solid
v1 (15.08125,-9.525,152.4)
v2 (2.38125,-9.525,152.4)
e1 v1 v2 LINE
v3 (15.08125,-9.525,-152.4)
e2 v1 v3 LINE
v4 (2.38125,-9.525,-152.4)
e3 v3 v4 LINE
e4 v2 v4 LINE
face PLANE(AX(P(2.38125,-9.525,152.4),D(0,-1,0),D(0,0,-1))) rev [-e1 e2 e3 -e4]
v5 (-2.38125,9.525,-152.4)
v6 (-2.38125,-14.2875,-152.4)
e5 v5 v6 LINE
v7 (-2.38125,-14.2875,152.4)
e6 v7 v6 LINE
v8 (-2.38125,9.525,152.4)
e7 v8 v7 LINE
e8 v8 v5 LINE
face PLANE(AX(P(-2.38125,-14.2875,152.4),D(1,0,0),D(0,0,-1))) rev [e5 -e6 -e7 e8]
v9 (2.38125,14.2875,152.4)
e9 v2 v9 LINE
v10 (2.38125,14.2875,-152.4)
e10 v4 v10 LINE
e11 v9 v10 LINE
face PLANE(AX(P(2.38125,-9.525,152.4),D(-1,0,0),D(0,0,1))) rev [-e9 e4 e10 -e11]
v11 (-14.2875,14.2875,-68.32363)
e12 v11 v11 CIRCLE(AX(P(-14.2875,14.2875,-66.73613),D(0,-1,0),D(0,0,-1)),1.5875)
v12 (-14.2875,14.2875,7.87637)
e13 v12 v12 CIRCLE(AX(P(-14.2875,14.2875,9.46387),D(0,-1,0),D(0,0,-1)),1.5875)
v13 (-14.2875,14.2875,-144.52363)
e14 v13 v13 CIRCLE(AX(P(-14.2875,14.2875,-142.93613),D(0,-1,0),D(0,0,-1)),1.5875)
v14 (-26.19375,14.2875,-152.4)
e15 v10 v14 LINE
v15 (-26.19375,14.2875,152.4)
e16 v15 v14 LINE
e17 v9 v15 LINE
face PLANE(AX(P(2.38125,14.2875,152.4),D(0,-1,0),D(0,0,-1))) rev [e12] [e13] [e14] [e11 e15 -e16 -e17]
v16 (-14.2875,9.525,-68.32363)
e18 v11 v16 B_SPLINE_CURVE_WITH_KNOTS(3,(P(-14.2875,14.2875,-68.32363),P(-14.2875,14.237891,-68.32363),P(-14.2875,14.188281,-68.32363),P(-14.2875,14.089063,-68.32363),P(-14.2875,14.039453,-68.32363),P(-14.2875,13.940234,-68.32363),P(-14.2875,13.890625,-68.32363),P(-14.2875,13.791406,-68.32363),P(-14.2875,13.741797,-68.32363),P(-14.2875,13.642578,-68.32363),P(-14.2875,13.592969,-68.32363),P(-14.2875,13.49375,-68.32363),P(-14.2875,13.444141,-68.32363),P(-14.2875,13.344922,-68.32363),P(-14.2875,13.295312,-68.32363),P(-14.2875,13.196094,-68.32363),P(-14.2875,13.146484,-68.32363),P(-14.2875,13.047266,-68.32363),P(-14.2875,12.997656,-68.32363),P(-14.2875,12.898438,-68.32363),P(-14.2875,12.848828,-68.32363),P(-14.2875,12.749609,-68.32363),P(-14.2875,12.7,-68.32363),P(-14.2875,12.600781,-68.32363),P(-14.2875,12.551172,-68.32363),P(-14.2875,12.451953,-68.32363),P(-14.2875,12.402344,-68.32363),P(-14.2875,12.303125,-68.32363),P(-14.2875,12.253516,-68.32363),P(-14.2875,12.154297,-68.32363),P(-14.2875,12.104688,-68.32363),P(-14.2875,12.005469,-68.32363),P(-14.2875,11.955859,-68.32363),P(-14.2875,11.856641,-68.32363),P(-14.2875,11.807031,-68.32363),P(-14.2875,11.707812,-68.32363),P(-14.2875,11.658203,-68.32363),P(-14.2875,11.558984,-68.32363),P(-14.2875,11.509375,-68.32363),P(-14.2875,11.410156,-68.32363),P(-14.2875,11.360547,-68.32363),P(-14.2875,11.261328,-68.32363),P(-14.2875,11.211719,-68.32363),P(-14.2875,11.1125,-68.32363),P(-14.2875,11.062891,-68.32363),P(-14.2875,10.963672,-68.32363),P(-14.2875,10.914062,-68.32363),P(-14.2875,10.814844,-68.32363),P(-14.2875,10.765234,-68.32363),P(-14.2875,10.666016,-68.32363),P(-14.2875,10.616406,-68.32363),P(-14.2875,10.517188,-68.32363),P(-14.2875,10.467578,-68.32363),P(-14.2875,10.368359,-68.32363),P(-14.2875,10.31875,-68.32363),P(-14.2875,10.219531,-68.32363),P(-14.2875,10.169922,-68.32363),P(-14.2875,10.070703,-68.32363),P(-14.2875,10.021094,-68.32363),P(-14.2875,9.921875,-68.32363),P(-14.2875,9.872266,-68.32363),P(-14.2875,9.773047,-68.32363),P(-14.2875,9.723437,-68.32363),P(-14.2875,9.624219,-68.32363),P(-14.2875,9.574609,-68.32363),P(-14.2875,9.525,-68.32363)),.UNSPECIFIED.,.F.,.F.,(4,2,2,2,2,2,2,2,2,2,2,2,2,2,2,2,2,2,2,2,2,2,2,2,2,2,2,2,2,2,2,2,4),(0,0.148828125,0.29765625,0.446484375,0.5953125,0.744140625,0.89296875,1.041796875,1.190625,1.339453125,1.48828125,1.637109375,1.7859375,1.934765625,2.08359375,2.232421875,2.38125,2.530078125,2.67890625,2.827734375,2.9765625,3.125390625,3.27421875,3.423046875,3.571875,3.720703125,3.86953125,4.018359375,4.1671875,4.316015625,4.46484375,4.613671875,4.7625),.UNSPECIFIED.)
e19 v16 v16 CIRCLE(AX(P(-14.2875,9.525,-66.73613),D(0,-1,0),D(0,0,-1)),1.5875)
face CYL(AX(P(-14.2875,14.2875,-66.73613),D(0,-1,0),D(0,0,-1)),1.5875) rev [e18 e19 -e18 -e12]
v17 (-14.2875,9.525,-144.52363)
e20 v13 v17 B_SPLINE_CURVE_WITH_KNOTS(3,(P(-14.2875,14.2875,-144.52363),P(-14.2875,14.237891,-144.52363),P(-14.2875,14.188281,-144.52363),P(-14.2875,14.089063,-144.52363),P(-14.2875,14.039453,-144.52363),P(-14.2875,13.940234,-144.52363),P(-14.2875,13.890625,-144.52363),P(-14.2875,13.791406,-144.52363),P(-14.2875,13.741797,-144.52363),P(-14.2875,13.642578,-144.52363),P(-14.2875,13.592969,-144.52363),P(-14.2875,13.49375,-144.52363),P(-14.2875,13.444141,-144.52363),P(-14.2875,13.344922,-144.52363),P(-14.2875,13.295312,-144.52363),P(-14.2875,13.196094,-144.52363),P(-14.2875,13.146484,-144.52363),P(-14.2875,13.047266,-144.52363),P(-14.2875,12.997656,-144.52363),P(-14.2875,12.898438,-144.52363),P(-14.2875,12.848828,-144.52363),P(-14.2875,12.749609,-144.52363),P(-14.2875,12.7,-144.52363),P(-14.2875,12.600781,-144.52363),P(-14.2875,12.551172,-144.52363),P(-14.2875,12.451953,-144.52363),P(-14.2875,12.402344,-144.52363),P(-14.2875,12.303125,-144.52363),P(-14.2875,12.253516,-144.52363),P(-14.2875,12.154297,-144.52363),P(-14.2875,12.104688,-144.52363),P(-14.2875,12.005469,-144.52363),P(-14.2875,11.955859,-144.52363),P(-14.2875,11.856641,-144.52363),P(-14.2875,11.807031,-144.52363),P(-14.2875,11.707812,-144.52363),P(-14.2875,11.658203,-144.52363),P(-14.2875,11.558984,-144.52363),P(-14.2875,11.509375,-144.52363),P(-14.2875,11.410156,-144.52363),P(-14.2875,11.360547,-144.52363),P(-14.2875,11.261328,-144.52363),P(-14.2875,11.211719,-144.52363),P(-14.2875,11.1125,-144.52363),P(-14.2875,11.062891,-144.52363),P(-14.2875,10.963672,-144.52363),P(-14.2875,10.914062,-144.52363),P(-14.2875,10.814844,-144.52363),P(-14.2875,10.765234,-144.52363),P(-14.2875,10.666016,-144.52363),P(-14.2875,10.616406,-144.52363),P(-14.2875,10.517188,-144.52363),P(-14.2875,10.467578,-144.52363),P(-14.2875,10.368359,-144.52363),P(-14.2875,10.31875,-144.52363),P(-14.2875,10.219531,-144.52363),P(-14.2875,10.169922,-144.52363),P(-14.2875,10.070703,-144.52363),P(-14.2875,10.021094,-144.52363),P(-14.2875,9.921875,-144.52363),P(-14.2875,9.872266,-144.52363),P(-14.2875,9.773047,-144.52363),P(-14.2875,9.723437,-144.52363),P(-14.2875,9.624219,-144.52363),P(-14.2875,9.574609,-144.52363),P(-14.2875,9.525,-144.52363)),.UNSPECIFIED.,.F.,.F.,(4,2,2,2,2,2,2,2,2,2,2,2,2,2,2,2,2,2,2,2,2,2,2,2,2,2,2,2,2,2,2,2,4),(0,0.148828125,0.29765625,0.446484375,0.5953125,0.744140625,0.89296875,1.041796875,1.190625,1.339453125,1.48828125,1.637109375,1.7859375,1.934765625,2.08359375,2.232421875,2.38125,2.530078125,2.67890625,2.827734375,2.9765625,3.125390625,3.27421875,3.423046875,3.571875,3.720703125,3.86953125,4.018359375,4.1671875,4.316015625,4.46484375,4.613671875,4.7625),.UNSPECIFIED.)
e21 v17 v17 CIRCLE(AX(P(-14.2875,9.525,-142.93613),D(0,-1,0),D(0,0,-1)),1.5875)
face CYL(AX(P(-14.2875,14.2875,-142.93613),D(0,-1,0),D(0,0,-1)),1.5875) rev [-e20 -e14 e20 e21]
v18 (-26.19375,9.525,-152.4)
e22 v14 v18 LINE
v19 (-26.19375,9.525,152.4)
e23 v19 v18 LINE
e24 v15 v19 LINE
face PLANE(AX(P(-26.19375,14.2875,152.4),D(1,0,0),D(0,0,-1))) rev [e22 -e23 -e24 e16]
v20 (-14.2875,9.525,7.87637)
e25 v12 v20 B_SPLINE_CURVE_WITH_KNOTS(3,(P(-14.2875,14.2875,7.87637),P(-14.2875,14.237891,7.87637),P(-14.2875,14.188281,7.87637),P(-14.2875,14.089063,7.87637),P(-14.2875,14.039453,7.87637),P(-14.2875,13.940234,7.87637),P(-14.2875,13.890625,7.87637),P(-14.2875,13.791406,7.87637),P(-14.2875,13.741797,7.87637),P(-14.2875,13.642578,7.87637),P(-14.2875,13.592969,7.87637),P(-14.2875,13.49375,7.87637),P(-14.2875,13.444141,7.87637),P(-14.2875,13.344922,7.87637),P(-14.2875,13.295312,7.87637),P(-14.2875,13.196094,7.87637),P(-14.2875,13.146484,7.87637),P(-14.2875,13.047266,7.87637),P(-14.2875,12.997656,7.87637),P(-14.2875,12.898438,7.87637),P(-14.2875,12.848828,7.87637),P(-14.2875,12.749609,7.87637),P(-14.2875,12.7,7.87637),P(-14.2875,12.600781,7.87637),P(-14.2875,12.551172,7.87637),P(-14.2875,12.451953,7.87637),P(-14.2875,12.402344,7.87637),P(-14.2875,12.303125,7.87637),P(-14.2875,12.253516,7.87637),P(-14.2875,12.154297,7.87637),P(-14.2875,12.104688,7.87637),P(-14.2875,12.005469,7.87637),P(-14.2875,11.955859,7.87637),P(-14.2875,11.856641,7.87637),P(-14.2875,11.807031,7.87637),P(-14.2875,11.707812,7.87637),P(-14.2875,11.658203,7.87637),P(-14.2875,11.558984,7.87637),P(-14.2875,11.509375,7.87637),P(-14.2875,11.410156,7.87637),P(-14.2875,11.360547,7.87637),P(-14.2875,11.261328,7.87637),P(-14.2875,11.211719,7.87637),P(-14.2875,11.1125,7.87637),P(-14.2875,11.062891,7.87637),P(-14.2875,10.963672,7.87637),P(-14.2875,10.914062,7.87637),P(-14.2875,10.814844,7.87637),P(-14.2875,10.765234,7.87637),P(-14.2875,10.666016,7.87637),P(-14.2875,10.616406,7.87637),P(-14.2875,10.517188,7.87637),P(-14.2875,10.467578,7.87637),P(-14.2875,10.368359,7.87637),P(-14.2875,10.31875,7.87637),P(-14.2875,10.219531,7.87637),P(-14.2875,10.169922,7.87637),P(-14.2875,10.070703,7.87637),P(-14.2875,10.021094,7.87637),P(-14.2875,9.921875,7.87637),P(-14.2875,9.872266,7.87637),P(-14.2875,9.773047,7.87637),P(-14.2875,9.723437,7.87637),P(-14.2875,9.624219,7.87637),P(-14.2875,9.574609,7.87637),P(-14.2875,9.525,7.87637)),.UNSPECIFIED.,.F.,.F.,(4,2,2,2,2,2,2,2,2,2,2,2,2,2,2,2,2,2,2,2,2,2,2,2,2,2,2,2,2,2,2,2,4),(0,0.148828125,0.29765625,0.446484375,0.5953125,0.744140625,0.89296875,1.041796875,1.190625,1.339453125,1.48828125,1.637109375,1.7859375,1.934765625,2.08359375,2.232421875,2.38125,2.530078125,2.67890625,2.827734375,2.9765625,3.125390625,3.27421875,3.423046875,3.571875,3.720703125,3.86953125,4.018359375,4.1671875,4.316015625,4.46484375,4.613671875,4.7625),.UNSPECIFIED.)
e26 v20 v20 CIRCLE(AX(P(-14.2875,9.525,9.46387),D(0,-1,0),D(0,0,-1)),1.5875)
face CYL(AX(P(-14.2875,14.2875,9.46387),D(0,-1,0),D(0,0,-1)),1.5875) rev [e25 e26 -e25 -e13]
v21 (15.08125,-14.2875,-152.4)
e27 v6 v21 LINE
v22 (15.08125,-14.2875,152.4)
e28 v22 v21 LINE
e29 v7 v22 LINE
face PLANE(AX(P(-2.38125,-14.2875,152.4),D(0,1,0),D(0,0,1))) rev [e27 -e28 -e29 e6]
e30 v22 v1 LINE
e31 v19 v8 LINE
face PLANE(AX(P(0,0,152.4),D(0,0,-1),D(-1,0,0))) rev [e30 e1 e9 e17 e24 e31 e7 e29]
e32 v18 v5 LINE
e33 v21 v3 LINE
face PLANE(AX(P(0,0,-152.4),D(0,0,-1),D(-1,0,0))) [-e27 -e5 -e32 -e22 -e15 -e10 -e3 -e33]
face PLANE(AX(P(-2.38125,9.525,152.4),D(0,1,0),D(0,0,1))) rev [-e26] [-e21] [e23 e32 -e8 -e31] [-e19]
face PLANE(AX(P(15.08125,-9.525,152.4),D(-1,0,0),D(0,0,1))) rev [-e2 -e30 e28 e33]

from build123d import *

# Parameters (mm, degrees)
BOSS_EXTRUDE1_DEPTH      = 152.4
BOSS_EXTRUDE1_DEPTH_BACK = 152.4
SKETCH6_R                = 1.5875
CUT_EXTRUDE1_DEPTH       = 4.7625


with BuildPart() as part:
    # Sketch3 → Boss-Extrude1 (new, two sides: drawn at the far end of the back side and taken through both)
    with BuildSketch(Plane.XY.offset(-BOSS_EXTRUDE1_DEPTH_BACK)):
        Polygon((15.08125, -9.525), (15.08125, -14.2875), (-2.38125, -14.2875), (-2.38125, 9.525), (-26.19375, 9.525), (-26.19375, 14.2875), (2.38125, 14.2875), (2.38125, -9.525), align=None)
    extrude(amount=BOSS_EXTRUDE1_DEPTH + BOSS_EXTRUDE1_DEPTH_BACK)

    # Sketch6 → Cut-Extrude1 (cut)
    with BuildSketch(Plane.XZ.offset(-9.525)):
        with Locations(Location((-14.2875, 9.463870403, 0), (0, 0, 270))):
            Circle(SKETCH6_R)
        with Locations(Location((-14.2875, -66.736129597, 0), (0, 0, 270))):
            Circle(SKETCH6_R)
        with Locations(Location((-14.2875, -142.936129597, 0), (0, 0, 270))):
            Circle(SKETCH6_R)
    extrude(amount=-CUT_EXTRUDE1_DEPTH, mode=Mode.SUBTRACT)


solid = part.part
